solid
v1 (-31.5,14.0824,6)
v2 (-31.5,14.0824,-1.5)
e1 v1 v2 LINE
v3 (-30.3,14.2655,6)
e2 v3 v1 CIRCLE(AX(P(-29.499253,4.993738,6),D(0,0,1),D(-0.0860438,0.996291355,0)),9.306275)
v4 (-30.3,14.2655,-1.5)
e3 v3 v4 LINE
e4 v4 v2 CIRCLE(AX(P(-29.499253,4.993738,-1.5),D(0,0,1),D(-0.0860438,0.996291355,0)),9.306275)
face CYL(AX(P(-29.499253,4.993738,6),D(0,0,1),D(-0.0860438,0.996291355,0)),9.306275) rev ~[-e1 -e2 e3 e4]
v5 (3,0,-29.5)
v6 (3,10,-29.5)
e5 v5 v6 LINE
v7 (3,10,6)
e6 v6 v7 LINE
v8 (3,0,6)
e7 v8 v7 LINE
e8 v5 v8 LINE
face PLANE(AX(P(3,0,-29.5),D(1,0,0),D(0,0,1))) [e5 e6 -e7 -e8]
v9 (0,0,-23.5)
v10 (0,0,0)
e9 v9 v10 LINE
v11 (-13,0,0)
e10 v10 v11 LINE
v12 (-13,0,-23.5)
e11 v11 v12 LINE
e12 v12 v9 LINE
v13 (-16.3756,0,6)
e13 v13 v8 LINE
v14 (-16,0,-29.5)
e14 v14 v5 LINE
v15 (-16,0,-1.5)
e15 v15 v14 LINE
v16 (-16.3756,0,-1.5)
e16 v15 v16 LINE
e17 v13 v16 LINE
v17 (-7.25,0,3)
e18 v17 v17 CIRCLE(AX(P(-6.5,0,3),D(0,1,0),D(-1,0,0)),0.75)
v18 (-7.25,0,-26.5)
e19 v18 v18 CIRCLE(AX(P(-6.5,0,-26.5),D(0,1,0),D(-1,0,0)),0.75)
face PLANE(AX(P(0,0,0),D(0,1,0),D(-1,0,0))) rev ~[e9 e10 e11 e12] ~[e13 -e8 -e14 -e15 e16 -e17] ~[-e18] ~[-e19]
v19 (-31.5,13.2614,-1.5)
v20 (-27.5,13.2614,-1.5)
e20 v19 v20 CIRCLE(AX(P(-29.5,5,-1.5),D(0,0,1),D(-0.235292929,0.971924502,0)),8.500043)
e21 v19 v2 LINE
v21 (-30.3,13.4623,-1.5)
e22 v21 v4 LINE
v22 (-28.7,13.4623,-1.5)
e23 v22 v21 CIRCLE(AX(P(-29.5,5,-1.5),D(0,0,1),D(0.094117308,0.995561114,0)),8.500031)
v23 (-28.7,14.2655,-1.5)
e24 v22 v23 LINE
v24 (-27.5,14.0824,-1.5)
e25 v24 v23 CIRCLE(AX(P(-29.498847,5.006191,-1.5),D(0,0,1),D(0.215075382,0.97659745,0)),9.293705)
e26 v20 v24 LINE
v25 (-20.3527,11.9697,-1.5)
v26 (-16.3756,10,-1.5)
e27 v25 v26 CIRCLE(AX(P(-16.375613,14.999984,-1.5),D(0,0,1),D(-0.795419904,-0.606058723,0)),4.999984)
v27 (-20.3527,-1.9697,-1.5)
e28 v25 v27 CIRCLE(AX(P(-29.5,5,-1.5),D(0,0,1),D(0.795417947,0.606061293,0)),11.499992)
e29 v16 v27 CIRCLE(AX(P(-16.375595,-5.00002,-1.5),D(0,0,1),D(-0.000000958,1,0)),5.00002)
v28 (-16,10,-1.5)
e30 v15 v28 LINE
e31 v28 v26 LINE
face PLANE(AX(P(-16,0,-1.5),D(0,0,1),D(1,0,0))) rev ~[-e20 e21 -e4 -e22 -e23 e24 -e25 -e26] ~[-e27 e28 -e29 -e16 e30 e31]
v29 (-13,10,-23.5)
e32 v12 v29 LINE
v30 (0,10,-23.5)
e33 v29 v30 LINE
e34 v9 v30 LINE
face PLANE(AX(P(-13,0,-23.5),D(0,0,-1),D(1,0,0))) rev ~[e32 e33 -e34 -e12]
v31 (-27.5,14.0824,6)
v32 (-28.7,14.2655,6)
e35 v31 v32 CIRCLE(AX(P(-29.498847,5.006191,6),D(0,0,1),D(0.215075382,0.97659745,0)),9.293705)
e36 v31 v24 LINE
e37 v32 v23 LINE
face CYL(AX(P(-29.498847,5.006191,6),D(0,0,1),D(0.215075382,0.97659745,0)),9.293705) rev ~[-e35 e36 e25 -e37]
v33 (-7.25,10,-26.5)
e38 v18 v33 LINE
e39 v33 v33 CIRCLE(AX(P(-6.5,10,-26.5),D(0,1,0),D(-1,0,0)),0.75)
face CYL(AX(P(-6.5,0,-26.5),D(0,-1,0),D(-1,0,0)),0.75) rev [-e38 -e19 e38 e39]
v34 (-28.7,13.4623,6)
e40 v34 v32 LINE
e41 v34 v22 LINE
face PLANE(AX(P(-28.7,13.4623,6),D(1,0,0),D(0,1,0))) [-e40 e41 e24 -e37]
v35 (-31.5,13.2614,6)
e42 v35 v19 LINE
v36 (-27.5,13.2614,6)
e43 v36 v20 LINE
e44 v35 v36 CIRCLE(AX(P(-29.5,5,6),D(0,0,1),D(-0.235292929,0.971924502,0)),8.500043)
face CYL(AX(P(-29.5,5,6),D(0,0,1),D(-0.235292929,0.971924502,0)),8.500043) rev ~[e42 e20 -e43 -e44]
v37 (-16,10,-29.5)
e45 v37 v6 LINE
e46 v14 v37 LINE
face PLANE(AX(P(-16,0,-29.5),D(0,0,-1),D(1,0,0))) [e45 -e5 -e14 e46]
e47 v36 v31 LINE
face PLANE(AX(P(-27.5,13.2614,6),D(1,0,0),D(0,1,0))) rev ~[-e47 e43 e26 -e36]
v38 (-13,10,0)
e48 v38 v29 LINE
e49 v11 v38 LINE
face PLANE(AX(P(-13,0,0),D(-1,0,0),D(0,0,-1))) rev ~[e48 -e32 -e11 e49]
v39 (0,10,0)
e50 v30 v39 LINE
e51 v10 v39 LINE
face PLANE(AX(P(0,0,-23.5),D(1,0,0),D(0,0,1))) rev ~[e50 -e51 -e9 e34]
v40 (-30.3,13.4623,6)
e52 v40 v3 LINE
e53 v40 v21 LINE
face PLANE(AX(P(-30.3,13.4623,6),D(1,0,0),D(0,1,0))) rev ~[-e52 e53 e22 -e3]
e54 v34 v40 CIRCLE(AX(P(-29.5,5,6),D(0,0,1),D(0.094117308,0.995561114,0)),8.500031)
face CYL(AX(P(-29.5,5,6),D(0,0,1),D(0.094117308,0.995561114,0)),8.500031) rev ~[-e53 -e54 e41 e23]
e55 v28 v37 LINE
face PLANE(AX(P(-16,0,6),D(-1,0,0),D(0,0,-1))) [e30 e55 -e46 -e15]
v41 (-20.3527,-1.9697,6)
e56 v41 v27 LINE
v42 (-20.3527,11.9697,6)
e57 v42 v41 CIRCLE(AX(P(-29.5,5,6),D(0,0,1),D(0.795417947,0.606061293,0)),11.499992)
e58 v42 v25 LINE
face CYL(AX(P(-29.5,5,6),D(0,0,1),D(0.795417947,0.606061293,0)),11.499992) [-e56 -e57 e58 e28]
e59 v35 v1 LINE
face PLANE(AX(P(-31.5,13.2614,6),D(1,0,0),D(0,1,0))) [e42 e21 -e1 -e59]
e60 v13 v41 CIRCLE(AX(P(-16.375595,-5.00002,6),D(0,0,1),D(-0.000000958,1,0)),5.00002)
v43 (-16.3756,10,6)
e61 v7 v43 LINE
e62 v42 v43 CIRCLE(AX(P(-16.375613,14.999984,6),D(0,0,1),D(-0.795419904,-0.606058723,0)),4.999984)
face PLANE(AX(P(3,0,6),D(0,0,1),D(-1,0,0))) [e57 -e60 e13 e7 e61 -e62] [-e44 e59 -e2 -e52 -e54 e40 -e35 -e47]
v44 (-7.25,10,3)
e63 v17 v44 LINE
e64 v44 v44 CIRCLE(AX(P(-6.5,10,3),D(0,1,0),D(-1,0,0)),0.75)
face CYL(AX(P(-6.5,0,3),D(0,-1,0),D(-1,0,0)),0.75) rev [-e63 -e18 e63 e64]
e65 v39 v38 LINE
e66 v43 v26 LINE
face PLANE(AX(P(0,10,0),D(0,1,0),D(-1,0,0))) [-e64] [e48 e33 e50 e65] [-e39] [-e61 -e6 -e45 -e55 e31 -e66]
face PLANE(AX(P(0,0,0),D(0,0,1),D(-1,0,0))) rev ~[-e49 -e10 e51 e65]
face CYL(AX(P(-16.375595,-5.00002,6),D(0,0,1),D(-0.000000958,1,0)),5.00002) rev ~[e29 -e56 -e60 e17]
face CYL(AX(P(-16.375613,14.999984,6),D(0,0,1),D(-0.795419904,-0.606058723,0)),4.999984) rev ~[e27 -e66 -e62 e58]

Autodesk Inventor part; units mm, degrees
ref_plane "YZ Plane" through (0, 0, 0) normal (1, 0, 0) x (0, 1, 0)
ref_plane "XZ Plane" through (0, 0, 0) normal (0, 1, 0) x (-1, 0, 0)
ref_plane "XY Plane" through (0, 0, 0) normal (0, 0, 1) x (1, 0, 0)
sketch "Sketch1" plane through (0, 0, 0) normal (0, 1, 0) x (-1, 0, 0)
  line L0 (0, 0) -> (13, 0)
  line L1 (13, 0) -> (13, -23.5)
  line L2 (13, -23.5) -> (0, -23.5)
  line L3 (0, -23.5) -> (0, 0)
  line L4 (0, 0) -> (-3, 0) construction
  line L5 (-3, 0) -> (-3, 6) construction
  line L6 (-3, 6) -> (0, 6) construction
  line L7 (0, 6) -> (0, 0) construction
  line L8 (-3, 6) -> (16, 6)
  line L9 (16, 6) -> (16, -29.5)
  line L10 (16, -29.5) -> (-3, -29.5)
  line L11 (-3, -29.5) -> (-3, 6)
  line L12 (6.5, 6) -> (6.5, 3) construction
  circle A0 centre (6.5, 3) radius 0.75
  line L13 (16, -11.75) -> (-3, -11.75) construction
  circle A1 centre (6.5, -26.5) radius 0.75
  dimension "d6" = 13
  dimension "d7" = 23.5
  dimension "d8" = 3
  dimension "d9" = 6
  dimension "d10" = 19
  dimension "d11" = 35.5
  dimension "d14" = 3
  dimension "d15" = 1.5
extrude "Extrusion1" add sketch "Sketch1" along normal blind 10
sketch "Sketch2" plane through (-16, 0, 6) normal (0, 0, 1) x (1, 0, 0)
  line L0 (0, 0) -> (0, 10) construction
  line L1 (-5, 5) -> (-13.5, 5) construction
  line L2 (19, 0) -> (0, 0) projected
  line L3 (19, 0) -> (19, 10) projected
  line L4 (0, 10) -> (19, 10) projected
  line L5 (0, 0) -> (0, 10) projected
  arc A0 (-4.3527, 11.9697) -> (-4.3527, -1.9697) centre (-13.5, 5) ccw
  line L6 (-13.5, 5) -> (-13.5, 13.5) construction
  line L7 (-13.5, 5) -> (-12.7, 5) construction
  line L8 (-12.7, 5) -> (-11.5, 5) construction
  line L9 (-12.7, 5) -> (-12.7, 14.2655) construction
  line L10 (-11.5, 5) -> (-11.5, 14.0824) construction
  line L11 (-11.5, 13.2614) -> (-11.5, 14.0824)
  line L12 (-12.7, 13.4623) -> (-12.7, 14.2655)
  arc A1 (-11.5, 14.0824) -> (-12.7, 14.2655) centre (-13.5, 5) ccw
  arc A2 (-5, 1.2264) -> (-5, 8.7736) centre (-13.5, 5) ccw construction
  line L13 (-15.5, 13.2614) -> (-15.5, 14.0824)
  line L14 (-14.3, 13.4623) -> (-14.3, 14.2655)
  arc A3 (-14.3, 14.2655) -> (-15.5, 14.0824) centre (-13.5, 5) ccw
  arc A4 (-12.7, 13.4623) -> (-14.3, 13.4623) centre (-13.5, 5) ccw
  arc A5 (-15.5, 13.2614) -> (-11.5, 13.2614) centre (-13.5, 5) ccw
  line L15 (0, 10) -> (19, 10) construction
  line L16 (0, 10) -> (-0.3756, 10)
  line L17 (0, 0) -> (-0.3756, 0)
  arc A6 (-4.3527, 11.9697) -> (-0.3756, 10) centre (-0.3756, 15) ccw
  arc A7 (-0.3756, 0) -> (-4.3527, -1.9697) centre (-0.3756, -5) ccw
  line L18 (0, 10) -> (0, 0)
  point P0 (16, 0)
  point P1 (-3.1438, 10)
  dimension "d16" = 8.5
  dimension "d18" = 23
  dimension "d19" = 0.8
  dimension "d20" = 1.2
  dimension "d25" = 5
extrude "Extrusion2" add sketch "Sketch2" against normal blind 7.5 contours L17 A7 A0 A6 L16 L5
properties part number "servo mount"
